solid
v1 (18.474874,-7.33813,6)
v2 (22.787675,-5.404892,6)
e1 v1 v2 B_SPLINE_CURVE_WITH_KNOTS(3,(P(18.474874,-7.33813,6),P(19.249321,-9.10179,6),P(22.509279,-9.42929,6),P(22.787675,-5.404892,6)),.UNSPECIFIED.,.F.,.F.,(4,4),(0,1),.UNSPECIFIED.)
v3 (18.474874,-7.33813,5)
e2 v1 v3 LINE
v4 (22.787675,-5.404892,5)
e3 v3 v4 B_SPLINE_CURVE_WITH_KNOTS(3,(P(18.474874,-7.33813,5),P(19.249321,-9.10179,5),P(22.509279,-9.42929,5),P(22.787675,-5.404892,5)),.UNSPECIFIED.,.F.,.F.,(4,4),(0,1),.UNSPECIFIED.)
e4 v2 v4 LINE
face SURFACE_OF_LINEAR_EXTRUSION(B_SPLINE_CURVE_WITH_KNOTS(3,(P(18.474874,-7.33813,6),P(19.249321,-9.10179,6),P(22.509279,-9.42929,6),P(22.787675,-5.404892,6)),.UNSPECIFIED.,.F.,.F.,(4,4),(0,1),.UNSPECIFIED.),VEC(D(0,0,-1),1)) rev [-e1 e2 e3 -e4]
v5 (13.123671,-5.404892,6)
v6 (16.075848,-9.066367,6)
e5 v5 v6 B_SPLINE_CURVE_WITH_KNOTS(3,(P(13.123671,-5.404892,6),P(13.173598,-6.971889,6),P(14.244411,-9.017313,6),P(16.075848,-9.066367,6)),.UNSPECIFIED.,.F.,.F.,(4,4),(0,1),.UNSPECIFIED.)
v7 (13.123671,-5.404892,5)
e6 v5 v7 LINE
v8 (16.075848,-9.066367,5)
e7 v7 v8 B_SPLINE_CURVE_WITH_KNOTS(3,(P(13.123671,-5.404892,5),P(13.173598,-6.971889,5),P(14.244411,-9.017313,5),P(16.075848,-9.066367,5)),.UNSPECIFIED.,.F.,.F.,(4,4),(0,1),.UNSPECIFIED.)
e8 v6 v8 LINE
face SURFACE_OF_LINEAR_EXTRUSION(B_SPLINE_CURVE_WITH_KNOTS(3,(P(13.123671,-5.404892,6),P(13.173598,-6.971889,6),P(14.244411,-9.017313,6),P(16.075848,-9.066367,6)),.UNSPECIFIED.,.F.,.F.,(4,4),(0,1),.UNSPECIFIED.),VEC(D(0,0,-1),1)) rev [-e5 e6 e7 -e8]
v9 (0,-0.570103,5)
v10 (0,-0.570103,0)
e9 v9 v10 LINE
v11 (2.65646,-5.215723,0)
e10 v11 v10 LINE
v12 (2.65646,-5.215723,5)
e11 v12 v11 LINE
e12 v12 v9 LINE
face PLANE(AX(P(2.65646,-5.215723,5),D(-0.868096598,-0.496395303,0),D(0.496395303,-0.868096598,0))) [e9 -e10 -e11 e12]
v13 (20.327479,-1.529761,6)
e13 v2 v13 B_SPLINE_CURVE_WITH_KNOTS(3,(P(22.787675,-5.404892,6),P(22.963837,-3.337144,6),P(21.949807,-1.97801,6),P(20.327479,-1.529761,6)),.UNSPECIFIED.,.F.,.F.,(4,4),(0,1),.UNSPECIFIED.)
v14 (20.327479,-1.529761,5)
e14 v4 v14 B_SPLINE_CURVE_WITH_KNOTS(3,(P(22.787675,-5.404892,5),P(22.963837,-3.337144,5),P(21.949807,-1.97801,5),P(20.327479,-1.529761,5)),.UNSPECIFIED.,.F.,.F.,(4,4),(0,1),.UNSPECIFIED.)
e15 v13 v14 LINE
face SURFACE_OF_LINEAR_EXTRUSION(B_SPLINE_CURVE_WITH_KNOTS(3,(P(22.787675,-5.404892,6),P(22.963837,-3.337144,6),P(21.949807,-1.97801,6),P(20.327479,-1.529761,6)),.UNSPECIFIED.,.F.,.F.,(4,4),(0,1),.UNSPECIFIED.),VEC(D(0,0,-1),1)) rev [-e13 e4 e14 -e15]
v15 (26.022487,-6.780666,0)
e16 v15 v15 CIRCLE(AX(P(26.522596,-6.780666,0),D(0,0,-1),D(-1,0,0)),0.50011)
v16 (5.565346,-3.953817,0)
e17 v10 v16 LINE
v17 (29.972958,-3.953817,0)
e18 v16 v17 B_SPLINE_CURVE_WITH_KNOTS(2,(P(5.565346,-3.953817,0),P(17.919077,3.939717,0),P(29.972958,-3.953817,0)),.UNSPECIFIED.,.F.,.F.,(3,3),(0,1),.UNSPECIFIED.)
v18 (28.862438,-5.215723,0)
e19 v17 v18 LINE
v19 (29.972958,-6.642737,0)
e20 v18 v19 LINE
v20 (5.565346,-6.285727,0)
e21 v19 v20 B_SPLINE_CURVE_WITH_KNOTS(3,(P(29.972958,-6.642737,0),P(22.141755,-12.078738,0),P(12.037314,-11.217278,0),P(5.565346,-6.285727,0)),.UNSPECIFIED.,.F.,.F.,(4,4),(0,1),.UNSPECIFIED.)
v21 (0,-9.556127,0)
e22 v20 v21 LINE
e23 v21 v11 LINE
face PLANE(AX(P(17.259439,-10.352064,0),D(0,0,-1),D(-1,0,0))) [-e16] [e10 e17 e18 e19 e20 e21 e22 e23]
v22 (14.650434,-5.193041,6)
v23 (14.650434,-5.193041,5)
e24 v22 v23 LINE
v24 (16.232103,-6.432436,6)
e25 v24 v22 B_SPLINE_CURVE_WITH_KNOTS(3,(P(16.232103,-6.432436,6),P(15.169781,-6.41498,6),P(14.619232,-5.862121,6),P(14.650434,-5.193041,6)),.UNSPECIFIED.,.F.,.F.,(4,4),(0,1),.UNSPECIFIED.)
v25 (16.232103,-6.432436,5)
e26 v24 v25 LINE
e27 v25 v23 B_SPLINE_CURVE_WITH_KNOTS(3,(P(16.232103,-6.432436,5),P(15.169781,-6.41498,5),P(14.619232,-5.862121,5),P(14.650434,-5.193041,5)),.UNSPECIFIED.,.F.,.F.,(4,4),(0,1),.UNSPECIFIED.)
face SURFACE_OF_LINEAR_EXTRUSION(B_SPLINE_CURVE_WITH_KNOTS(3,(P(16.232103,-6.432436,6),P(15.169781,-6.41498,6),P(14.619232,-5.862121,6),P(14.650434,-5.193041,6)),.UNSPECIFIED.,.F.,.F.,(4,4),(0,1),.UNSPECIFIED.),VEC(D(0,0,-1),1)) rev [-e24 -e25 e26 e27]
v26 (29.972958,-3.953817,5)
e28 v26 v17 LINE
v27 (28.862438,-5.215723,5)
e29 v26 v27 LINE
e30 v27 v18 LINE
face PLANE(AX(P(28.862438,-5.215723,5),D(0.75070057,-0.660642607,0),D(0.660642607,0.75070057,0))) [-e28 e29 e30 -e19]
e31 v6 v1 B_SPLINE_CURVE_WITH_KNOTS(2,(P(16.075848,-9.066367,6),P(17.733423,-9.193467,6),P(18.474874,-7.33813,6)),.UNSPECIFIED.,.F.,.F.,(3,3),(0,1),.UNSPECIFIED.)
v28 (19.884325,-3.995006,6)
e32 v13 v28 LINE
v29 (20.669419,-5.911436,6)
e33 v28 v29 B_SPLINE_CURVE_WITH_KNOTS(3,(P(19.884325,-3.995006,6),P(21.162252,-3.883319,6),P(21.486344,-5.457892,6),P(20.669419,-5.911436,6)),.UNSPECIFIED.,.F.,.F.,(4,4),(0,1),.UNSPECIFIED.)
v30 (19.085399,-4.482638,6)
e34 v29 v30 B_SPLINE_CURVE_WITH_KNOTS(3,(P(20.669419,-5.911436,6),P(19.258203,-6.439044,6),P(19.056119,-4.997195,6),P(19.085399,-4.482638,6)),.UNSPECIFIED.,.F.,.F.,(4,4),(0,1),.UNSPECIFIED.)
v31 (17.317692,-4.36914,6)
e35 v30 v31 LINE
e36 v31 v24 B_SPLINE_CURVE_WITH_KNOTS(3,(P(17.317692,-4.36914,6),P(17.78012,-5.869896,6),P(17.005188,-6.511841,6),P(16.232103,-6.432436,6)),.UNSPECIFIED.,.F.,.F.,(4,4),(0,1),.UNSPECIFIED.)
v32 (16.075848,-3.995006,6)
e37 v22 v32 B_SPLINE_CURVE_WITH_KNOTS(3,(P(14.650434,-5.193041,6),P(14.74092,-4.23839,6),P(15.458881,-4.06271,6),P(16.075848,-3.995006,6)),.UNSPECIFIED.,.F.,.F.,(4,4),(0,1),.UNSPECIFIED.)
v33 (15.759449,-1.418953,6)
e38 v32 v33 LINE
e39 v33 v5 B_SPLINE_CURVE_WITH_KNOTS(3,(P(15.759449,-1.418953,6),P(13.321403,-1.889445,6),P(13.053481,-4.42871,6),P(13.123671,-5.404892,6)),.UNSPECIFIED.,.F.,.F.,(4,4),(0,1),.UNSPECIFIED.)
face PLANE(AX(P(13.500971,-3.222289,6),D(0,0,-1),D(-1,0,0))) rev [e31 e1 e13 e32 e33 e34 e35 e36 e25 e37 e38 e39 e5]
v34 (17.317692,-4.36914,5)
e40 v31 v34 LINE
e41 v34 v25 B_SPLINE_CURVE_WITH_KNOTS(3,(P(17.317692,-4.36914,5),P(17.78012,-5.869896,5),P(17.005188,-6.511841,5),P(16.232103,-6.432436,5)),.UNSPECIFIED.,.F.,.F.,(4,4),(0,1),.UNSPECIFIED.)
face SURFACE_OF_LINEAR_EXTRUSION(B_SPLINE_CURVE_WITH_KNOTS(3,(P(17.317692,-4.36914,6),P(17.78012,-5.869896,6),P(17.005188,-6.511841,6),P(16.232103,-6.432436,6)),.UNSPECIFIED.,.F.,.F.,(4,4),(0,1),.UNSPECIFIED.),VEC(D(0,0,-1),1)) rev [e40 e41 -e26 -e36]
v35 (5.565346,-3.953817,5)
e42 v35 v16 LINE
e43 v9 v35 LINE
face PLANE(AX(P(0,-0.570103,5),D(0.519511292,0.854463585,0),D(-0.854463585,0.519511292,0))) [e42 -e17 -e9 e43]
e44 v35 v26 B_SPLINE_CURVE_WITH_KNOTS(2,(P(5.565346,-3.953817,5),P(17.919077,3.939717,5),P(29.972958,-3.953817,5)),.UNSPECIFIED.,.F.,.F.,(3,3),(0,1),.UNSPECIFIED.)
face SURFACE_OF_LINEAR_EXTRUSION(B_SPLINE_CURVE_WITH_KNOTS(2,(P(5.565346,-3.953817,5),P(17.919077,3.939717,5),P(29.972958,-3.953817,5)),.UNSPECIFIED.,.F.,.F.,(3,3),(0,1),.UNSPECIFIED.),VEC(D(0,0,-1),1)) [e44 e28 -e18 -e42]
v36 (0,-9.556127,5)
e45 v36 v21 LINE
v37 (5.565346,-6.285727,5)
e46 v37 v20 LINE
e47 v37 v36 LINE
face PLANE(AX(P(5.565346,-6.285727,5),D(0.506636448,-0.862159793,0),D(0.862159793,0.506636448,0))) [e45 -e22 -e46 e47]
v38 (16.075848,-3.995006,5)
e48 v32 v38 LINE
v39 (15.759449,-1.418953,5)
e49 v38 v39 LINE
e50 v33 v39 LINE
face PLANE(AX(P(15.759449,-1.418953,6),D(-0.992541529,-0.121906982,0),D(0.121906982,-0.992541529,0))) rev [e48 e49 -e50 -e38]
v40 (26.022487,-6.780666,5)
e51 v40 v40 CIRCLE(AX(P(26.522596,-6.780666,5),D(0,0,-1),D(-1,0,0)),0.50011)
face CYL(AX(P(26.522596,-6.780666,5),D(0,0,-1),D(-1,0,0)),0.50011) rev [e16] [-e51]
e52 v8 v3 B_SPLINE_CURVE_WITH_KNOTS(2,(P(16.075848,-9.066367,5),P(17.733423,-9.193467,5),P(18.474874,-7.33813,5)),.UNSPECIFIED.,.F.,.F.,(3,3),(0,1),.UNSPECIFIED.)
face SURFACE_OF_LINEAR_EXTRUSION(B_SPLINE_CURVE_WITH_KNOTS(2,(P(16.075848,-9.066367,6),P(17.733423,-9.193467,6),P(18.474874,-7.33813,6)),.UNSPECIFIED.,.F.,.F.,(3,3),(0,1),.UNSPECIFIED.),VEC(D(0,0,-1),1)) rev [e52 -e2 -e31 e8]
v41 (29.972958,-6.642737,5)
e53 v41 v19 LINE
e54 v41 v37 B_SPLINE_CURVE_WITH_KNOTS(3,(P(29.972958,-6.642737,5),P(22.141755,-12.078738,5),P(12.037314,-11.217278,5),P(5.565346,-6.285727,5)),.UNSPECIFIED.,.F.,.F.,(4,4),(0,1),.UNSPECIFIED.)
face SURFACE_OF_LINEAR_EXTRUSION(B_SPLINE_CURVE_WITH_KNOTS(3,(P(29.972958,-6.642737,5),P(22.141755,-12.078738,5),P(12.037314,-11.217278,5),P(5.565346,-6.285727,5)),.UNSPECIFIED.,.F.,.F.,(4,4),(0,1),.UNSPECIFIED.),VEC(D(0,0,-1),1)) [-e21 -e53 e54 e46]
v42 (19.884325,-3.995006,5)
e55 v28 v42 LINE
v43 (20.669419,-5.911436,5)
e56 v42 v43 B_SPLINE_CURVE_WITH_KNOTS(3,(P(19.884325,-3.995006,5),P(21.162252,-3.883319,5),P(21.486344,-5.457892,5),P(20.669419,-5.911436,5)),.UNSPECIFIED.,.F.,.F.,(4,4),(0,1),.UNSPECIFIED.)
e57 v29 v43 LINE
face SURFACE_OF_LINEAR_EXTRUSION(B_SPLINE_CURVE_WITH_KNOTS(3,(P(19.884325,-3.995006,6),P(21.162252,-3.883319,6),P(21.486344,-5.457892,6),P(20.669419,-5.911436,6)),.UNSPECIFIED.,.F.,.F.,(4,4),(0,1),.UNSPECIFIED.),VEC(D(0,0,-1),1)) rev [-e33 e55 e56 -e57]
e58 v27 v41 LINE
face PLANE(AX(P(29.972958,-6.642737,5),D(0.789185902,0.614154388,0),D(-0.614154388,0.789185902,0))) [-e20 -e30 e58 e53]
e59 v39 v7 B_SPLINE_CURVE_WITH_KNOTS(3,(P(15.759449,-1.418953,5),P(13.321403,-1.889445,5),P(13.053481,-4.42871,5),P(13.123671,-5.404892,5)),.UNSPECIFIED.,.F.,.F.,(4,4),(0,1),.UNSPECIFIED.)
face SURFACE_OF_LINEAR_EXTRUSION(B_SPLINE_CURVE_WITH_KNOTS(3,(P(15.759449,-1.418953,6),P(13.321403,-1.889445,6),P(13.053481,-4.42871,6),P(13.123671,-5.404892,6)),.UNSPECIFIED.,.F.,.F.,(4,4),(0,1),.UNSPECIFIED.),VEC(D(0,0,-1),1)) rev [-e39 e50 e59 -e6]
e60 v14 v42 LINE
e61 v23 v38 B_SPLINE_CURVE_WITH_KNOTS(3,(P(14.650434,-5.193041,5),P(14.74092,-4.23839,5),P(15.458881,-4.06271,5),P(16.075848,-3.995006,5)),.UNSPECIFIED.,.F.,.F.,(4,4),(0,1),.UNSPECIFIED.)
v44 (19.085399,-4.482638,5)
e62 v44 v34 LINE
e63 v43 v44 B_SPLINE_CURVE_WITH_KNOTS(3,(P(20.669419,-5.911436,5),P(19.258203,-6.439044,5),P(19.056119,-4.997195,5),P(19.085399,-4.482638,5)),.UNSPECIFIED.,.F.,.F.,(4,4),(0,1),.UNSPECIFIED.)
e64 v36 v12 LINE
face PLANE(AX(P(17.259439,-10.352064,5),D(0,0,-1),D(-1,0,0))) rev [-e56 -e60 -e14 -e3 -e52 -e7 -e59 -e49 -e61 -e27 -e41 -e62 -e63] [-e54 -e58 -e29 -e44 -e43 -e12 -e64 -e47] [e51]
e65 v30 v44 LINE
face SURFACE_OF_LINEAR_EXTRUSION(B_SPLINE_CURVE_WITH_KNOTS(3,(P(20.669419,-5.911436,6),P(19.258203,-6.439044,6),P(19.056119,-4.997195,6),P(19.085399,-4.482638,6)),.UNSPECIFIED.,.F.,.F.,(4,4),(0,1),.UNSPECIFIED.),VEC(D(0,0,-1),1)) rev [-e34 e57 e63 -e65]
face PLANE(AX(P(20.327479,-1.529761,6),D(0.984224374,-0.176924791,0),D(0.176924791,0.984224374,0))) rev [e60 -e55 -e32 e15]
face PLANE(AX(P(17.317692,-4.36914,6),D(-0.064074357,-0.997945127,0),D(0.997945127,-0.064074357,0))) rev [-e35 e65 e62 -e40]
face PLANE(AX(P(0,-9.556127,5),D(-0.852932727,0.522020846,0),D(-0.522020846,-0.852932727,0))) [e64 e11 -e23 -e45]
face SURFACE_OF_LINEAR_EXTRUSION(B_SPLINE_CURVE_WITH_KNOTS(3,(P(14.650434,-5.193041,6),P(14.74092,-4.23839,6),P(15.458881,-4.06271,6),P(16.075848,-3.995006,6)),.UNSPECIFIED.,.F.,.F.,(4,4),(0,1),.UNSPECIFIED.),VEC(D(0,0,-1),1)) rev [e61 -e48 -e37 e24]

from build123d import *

# Parameters (mm, degrees)
SKETCH2_R           = 0.500109693
BOSS_EXTRUDE1_DEPTH = 5
BOSS_EXTRUDE2_DEPTH = 1


with BuildPart() as part:
    # Sketch2 → Boss-Extrude1 (new body)
    with BuildSketch(Plane(origin=(0, 0, 0), x_dir=(1, 0, 0), z_dir=(0, 0, -1))):
        with BuildLine():
            Line((29.97295835, 6.642737104), (28.862437793, 5.215722686))
            Line((28.862437793, 5.215722686), (29.97295835, 3.953817374))
            add(Edge.make_bspline(
                [(5.565346412, 3.953817374), (17.919076804, -3.939717318), (29.97295835, 3.953817374)],
                knots=[0, 0, 0, 1, 1, 1], degree=2))
            Line((5.565346412, 3.953817374), (0, 0.570103483))
            Line((0, 0.570103483), (2.65645961, 5.215722686))
            Line((2.65645961, 5.215722686), (0, 9.556126627))
            Line((0, 9.556126627), (5.565346412, 6.285726684))
            add(Edge.make_bspline(
                [(5.565346412, 6.285726684), (12.037313538, 11.217277608), (22.14175538, 12.07873787), (29.97295835, 6.642737104)],
                knots=[0, 0, 0, 0, 1, 1, 1, 1], degree=3))
        make_face()
        with Locations(Location((26.5225963, 6.780666166, 0), (0, 0, 180))):
            Circle(SKETCH2_R, mode=Mode.SUBTRACT)
    extrude(amount=-BOSS_EXTRUDE1_DEPTH)

    # Sketch6 → Boss-Extrude2 (add)
    with BuildSketch(Plane(origin=(0, 0, 5), x_dir=(-1, 0, 0), z_dir=(0, 0, 1))):
        with BuildLine():
            Line((-15.759449442, 1.418953032), (-16.07584813, 3.995005952))
            add(Edge.make_bspline(
                [(-16.07584813, 3.995005952), (-15.458880746, 4.062710088), (-14.740919917, 4.238390229), (-14.650433604, 5.193040536)],
                knots=[0, 0, 0, 0, 1, 1, 1, 1], degree=3))
            add(Edge.make_bspline(
                [(-14.650433604, 5.193040536), (-14.619231687, 5.862120963), (-15.169780731, 6.414980417), (-16.232102989, 6.432436177)],
                knots=[0, 0, 0, 0, 1, 1, 1, 1], degree=3))
            add(Edge.make_bspline(
                [(-16.232102989, 6.432436177), (-17.005188221, 6.511841439), (-17.780119933, 5.869895845), (-17.317691742, 4.369140076)],
                knots=[0, 0, 0, 0, 1, 1, 1, 1], degree=3))
            Line((-17.317691742, 4.369140076), (-19.0853994, 4.482638032))
            add(Edge.make_bspline(
                [(-19.0853994, 4.482638032), (-19.056118502, 4.997195312), (-19.258203254, 6.439044313), (-20.66941937, 5.911436499)],
                knots=[0, 0, 0, 0, 1, 1, 1, 1], degree=3))
            add(Edge.make_bspline(
                [(-20.66941937, 5.911436499), (-21.486344473, 5.457892375), (-21.162251573, 3.883318696), (-19.884325096, 3.995005952)],
                knots=[0, 0, 0, 0, 1, 1, 1, 1], degree=3))
            Line((-19.884325096, 3.995005952), (-20.327479071, 1.52976102))
            add(Edge.make_bspline(
                [(-22.787674533, 5.404891959), (-22.963836678, 3.337144225), (-21.949807027, 1.978010395), (-20.327479071, 1.52976102)],
                knots=[0, 0, 0, 0, 1, 1, 1, 1], degree=3))
            add(Edge.make_bspline(
                [(-18.474874193, 7.338129926), (-19.24932143, 9.101790183), (-22.509278972, 9.429289769), (-22.787674533, 5.404891959)],
                knots=[0, 0, 0, 0, 1, 1, 1, 1], degree=3))
            add(Edge.make_bspline(
                [(-16.07584813, 9.06636742), (-17.73342296, 9.193466544), (-18.474874193, 7.338129926)],
                knots=[0, 0, 0, 1, 1, 1], degree=2))
            add(Edge.make_bspline(
                [(-13.123671188, 5.404891959), (-13.173598197, 6.971888977), (-14.244410718, 9.017312988), (-16.07584813, 9.06636742)],
                knots=[0, 0, 0, 0, 1, 1, 1, 1], degree=3))
            add(Edge.make_bspline(
                [(-15.759449442, 1.418953032), (-13.321402819, 1.889445376), (-13.053480895, 4.428709713), (-13.123671188, 5.404891959)],
                knots=[0, 0, 0, 0, 1, 1, 1, 1], degree=3))
        make_face()
    extrude(amount=BOSS_EXTRUDE2_DEPTH)


solid = part.part
